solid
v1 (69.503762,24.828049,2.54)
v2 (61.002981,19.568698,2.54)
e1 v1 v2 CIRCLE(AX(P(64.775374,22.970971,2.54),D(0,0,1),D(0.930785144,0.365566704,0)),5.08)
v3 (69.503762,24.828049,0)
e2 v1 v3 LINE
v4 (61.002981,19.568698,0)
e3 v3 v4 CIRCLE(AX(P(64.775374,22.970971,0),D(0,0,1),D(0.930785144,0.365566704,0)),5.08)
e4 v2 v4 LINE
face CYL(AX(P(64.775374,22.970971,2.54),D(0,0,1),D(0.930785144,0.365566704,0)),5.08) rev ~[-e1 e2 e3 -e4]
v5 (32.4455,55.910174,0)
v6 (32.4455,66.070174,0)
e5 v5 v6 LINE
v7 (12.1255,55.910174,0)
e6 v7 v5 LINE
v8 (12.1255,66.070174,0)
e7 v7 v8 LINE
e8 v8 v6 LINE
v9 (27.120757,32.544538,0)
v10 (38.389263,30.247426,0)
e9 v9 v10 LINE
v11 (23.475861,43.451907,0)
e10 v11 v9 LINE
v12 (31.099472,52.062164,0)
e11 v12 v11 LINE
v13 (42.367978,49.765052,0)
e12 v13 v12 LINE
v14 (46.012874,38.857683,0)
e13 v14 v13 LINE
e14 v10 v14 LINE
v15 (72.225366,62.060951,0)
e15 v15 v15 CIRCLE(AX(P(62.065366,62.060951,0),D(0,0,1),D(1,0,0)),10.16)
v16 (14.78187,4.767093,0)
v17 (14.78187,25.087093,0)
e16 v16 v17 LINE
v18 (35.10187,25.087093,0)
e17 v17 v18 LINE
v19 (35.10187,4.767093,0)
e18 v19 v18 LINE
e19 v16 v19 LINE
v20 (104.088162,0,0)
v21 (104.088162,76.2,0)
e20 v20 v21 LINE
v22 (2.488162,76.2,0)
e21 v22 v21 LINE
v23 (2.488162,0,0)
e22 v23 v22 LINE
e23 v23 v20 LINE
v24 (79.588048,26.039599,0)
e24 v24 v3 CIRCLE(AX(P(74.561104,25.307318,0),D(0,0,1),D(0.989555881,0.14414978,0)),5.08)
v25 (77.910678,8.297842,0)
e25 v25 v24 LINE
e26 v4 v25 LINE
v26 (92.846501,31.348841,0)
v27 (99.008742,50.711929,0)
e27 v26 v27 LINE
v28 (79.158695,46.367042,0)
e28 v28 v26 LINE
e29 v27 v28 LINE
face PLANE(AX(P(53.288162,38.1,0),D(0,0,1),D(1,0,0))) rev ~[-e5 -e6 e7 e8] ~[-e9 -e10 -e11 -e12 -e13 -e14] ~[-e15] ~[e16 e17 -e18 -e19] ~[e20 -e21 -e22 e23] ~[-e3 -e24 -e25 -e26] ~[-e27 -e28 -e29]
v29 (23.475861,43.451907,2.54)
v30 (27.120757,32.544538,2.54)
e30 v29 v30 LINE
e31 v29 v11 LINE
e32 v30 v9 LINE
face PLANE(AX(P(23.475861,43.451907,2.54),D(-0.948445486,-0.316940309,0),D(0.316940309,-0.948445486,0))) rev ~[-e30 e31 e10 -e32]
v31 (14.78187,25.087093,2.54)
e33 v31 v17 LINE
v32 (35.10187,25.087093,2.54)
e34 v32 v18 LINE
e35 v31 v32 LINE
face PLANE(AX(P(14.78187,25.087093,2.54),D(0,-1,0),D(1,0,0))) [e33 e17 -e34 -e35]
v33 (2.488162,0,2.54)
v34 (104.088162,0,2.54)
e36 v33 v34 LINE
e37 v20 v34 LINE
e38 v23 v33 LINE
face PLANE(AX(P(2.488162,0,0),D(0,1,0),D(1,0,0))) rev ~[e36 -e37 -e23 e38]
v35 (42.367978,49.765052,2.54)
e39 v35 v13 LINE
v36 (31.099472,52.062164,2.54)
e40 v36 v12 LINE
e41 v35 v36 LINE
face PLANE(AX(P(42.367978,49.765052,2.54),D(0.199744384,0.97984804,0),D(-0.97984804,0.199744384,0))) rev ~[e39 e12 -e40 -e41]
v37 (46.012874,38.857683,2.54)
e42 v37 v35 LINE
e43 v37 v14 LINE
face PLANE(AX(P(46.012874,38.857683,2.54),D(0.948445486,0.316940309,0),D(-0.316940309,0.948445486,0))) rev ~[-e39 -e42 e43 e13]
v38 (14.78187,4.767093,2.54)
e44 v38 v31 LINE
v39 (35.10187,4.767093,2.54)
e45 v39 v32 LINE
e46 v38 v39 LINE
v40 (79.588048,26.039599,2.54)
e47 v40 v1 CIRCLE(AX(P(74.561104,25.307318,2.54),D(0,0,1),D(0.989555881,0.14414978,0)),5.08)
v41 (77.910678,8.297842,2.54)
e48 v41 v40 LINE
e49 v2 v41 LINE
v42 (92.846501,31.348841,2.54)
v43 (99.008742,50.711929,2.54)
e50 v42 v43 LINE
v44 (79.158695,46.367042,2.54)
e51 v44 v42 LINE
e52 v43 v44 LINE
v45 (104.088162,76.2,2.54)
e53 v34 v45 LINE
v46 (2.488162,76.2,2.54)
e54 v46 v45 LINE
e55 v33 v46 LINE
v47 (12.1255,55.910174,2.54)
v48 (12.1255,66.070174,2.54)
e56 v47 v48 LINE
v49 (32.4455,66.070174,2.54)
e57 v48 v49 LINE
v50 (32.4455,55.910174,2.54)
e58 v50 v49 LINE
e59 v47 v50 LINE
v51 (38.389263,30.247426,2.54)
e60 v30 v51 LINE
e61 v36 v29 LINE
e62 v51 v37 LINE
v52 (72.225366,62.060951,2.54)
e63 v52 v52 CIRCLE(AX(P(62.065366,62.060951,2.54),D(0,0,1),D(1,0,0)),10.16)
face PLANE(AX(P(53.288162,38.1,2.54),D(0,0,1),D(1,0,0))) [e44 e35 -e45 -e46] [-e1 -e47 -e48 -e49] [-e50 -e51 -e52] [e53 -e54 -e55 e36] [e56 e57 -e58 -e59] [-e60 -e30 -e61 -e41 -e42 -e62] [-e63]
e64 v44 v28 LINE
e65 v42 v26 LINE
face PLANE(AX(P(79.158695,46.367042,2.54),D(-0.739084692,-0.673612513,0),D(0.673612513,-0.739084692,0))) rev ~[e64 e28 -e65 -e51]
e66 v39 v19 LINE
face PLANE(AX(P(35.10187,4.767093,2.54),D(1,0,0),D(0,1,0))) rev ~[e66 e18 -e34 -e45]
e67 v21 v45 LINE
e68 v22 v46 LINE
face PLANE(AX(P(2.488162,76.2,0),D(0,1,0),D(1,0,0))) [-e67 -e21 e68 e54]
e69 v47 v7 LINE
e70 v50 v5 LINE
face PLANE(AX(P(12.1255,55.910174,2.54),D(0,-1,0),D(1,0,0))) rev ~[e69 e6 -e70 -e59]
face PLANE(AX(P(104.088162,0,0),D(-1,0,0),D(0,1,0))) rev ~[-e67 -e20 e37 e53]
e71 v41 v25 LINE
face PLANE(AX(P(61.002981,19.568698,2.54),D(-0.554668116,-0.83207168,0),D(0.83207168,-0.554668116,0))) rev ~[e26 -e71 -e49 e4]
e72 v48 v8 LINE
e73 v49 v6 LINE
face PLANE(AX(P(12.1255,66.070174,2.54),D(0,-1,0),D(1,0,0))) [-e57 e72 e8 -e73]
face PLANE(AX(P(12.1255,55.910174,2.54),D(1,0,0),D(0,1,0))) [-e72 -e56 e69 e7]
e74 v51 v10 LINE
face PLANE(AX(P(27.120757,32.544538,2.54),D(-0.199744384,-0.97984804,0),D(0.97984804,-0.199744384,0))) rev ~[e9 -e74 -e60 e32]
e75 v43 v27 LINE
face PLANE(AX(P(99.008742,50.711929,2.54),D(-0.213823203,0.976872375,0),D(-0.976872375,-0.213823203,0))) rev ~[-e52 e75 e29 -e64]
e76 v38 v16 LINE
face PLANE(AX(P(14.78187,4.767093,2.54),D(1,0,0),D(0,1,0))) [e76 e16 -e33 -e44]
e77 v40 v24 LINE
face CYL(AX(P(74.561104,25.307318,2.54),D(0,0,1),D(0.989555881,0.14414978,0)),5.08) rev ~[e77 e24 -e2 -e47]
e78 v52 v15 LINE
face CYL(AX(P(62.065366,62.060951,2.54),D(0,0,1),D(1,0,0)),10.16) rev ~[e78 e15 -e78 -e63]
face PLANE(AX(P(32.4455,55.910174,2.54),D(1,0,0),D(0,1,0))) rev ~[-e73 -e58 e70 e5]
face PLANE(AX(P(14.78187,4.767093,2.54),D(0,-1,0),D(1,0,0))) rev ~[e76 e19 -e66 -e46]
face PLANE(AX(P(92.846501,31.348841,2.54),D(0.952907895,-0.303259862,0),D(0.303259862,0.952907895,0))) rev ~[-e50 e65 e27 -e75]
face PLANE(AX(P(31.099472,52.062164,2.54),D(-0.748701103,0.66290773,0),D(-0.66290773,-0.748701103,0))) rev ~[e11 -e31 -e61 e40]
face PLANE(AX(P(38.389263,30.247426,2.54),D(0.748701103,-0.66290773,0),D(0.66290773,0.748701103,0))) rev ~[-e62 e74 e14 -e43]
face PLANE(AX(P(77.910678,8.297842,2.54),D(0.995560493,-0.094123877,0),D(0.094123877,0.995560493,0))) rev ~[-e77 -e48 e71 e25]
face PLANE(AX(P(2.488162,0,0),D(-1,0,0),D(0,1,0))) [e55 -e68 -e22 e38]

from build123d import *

# Parameters (mm, degrees)
F0_W     = 101.6
F0_H     = 76.2
F1_DEPTH = 2.54
F2_W     = 20.32
F2_H     = 20.32
F2_R     = 10.16
F2_H_2   = 10.16
F3_DEPTH = 25.4


with BuildPart() as f1:
    # F0 (on Top) → F1 (new body)
    with BuildSketch(Plane.XY):
        with Locations((53.288162454, 38.1)):
            Rectangle(F0_W, F0_H)
    extrude(amount=F1_DEPTH)

    # F2 (on face) → F3 (cut)
    with BuildSketch(Plane.XY.offset(2.54)):
        with Locations((24.9418702258, 14.9270934875)):
            Rectangle(F2_W, F2_H)
        Polygon((46.0128735526, 38.8576829665), (42.3679778823, 49.7650517752), (31.0994715703, 52.0621639349), (23.4758609287, 43.4519072859), (27.120756599, 32.5445384771), (38.389262911, 30.2474263175), align=None)
        with Locations((62.0653655748, 62.0609506502)):
            Circle(F2_R)
        with BuildLine():
            ThreePointArc((69.5037623118, 24.8280494189), (62.1026082383, 27.291008104), (61.0029814694, 19.5686983412))
            Line((61.0029814694, 19.5686983412), (77.9106780077, 8.2978422172))
            Line((77.9106780077, 8.2978422172), (79.5880475801, 26.0395985127))
            ThreePointArc((79.5880475801, 26.0395985127), (73.9551385225, 30.3510470246), (69.5037623118, 24.8280494189))
        make_face()
        with BuildLine():
            ThreePointArc((69.8327151733, 23.450238774), (69.619978521, 24.1276219486), (69.5037623118, 24.8280494189))
            ThreePointArc((69.5037623118, 24.8280494189), (69.7164989641, 24.1506662443), (69.8327151733, 23.450238774))
        make_face(mode=Mode.SUBTRACT)
        with Locations((22.2855004779, 60.9901738036)):
            Rectangle(F2_W, F2_H_2)
        Polygon((99.0087416034, 50.7119290068), (79.1586949337, 46.367041527), (92.8465012027, 31.3488405847), align=None)
        with BuildLine():
            ThreePointArc((69.8327151733, 23.450238774), (69.7164989641, 24.1506662443), (69.5037623118, 24.8280494189))
            ThreePointArc((69.5037623118, 24.8280494189), (69.619978521, 24.1276219486), (69.8327151733, 23.450238774))
        make_face()
    extrude(amount=-F3_DEPTH, mode=Mode.SUBTRACT)


solid = f1.part
